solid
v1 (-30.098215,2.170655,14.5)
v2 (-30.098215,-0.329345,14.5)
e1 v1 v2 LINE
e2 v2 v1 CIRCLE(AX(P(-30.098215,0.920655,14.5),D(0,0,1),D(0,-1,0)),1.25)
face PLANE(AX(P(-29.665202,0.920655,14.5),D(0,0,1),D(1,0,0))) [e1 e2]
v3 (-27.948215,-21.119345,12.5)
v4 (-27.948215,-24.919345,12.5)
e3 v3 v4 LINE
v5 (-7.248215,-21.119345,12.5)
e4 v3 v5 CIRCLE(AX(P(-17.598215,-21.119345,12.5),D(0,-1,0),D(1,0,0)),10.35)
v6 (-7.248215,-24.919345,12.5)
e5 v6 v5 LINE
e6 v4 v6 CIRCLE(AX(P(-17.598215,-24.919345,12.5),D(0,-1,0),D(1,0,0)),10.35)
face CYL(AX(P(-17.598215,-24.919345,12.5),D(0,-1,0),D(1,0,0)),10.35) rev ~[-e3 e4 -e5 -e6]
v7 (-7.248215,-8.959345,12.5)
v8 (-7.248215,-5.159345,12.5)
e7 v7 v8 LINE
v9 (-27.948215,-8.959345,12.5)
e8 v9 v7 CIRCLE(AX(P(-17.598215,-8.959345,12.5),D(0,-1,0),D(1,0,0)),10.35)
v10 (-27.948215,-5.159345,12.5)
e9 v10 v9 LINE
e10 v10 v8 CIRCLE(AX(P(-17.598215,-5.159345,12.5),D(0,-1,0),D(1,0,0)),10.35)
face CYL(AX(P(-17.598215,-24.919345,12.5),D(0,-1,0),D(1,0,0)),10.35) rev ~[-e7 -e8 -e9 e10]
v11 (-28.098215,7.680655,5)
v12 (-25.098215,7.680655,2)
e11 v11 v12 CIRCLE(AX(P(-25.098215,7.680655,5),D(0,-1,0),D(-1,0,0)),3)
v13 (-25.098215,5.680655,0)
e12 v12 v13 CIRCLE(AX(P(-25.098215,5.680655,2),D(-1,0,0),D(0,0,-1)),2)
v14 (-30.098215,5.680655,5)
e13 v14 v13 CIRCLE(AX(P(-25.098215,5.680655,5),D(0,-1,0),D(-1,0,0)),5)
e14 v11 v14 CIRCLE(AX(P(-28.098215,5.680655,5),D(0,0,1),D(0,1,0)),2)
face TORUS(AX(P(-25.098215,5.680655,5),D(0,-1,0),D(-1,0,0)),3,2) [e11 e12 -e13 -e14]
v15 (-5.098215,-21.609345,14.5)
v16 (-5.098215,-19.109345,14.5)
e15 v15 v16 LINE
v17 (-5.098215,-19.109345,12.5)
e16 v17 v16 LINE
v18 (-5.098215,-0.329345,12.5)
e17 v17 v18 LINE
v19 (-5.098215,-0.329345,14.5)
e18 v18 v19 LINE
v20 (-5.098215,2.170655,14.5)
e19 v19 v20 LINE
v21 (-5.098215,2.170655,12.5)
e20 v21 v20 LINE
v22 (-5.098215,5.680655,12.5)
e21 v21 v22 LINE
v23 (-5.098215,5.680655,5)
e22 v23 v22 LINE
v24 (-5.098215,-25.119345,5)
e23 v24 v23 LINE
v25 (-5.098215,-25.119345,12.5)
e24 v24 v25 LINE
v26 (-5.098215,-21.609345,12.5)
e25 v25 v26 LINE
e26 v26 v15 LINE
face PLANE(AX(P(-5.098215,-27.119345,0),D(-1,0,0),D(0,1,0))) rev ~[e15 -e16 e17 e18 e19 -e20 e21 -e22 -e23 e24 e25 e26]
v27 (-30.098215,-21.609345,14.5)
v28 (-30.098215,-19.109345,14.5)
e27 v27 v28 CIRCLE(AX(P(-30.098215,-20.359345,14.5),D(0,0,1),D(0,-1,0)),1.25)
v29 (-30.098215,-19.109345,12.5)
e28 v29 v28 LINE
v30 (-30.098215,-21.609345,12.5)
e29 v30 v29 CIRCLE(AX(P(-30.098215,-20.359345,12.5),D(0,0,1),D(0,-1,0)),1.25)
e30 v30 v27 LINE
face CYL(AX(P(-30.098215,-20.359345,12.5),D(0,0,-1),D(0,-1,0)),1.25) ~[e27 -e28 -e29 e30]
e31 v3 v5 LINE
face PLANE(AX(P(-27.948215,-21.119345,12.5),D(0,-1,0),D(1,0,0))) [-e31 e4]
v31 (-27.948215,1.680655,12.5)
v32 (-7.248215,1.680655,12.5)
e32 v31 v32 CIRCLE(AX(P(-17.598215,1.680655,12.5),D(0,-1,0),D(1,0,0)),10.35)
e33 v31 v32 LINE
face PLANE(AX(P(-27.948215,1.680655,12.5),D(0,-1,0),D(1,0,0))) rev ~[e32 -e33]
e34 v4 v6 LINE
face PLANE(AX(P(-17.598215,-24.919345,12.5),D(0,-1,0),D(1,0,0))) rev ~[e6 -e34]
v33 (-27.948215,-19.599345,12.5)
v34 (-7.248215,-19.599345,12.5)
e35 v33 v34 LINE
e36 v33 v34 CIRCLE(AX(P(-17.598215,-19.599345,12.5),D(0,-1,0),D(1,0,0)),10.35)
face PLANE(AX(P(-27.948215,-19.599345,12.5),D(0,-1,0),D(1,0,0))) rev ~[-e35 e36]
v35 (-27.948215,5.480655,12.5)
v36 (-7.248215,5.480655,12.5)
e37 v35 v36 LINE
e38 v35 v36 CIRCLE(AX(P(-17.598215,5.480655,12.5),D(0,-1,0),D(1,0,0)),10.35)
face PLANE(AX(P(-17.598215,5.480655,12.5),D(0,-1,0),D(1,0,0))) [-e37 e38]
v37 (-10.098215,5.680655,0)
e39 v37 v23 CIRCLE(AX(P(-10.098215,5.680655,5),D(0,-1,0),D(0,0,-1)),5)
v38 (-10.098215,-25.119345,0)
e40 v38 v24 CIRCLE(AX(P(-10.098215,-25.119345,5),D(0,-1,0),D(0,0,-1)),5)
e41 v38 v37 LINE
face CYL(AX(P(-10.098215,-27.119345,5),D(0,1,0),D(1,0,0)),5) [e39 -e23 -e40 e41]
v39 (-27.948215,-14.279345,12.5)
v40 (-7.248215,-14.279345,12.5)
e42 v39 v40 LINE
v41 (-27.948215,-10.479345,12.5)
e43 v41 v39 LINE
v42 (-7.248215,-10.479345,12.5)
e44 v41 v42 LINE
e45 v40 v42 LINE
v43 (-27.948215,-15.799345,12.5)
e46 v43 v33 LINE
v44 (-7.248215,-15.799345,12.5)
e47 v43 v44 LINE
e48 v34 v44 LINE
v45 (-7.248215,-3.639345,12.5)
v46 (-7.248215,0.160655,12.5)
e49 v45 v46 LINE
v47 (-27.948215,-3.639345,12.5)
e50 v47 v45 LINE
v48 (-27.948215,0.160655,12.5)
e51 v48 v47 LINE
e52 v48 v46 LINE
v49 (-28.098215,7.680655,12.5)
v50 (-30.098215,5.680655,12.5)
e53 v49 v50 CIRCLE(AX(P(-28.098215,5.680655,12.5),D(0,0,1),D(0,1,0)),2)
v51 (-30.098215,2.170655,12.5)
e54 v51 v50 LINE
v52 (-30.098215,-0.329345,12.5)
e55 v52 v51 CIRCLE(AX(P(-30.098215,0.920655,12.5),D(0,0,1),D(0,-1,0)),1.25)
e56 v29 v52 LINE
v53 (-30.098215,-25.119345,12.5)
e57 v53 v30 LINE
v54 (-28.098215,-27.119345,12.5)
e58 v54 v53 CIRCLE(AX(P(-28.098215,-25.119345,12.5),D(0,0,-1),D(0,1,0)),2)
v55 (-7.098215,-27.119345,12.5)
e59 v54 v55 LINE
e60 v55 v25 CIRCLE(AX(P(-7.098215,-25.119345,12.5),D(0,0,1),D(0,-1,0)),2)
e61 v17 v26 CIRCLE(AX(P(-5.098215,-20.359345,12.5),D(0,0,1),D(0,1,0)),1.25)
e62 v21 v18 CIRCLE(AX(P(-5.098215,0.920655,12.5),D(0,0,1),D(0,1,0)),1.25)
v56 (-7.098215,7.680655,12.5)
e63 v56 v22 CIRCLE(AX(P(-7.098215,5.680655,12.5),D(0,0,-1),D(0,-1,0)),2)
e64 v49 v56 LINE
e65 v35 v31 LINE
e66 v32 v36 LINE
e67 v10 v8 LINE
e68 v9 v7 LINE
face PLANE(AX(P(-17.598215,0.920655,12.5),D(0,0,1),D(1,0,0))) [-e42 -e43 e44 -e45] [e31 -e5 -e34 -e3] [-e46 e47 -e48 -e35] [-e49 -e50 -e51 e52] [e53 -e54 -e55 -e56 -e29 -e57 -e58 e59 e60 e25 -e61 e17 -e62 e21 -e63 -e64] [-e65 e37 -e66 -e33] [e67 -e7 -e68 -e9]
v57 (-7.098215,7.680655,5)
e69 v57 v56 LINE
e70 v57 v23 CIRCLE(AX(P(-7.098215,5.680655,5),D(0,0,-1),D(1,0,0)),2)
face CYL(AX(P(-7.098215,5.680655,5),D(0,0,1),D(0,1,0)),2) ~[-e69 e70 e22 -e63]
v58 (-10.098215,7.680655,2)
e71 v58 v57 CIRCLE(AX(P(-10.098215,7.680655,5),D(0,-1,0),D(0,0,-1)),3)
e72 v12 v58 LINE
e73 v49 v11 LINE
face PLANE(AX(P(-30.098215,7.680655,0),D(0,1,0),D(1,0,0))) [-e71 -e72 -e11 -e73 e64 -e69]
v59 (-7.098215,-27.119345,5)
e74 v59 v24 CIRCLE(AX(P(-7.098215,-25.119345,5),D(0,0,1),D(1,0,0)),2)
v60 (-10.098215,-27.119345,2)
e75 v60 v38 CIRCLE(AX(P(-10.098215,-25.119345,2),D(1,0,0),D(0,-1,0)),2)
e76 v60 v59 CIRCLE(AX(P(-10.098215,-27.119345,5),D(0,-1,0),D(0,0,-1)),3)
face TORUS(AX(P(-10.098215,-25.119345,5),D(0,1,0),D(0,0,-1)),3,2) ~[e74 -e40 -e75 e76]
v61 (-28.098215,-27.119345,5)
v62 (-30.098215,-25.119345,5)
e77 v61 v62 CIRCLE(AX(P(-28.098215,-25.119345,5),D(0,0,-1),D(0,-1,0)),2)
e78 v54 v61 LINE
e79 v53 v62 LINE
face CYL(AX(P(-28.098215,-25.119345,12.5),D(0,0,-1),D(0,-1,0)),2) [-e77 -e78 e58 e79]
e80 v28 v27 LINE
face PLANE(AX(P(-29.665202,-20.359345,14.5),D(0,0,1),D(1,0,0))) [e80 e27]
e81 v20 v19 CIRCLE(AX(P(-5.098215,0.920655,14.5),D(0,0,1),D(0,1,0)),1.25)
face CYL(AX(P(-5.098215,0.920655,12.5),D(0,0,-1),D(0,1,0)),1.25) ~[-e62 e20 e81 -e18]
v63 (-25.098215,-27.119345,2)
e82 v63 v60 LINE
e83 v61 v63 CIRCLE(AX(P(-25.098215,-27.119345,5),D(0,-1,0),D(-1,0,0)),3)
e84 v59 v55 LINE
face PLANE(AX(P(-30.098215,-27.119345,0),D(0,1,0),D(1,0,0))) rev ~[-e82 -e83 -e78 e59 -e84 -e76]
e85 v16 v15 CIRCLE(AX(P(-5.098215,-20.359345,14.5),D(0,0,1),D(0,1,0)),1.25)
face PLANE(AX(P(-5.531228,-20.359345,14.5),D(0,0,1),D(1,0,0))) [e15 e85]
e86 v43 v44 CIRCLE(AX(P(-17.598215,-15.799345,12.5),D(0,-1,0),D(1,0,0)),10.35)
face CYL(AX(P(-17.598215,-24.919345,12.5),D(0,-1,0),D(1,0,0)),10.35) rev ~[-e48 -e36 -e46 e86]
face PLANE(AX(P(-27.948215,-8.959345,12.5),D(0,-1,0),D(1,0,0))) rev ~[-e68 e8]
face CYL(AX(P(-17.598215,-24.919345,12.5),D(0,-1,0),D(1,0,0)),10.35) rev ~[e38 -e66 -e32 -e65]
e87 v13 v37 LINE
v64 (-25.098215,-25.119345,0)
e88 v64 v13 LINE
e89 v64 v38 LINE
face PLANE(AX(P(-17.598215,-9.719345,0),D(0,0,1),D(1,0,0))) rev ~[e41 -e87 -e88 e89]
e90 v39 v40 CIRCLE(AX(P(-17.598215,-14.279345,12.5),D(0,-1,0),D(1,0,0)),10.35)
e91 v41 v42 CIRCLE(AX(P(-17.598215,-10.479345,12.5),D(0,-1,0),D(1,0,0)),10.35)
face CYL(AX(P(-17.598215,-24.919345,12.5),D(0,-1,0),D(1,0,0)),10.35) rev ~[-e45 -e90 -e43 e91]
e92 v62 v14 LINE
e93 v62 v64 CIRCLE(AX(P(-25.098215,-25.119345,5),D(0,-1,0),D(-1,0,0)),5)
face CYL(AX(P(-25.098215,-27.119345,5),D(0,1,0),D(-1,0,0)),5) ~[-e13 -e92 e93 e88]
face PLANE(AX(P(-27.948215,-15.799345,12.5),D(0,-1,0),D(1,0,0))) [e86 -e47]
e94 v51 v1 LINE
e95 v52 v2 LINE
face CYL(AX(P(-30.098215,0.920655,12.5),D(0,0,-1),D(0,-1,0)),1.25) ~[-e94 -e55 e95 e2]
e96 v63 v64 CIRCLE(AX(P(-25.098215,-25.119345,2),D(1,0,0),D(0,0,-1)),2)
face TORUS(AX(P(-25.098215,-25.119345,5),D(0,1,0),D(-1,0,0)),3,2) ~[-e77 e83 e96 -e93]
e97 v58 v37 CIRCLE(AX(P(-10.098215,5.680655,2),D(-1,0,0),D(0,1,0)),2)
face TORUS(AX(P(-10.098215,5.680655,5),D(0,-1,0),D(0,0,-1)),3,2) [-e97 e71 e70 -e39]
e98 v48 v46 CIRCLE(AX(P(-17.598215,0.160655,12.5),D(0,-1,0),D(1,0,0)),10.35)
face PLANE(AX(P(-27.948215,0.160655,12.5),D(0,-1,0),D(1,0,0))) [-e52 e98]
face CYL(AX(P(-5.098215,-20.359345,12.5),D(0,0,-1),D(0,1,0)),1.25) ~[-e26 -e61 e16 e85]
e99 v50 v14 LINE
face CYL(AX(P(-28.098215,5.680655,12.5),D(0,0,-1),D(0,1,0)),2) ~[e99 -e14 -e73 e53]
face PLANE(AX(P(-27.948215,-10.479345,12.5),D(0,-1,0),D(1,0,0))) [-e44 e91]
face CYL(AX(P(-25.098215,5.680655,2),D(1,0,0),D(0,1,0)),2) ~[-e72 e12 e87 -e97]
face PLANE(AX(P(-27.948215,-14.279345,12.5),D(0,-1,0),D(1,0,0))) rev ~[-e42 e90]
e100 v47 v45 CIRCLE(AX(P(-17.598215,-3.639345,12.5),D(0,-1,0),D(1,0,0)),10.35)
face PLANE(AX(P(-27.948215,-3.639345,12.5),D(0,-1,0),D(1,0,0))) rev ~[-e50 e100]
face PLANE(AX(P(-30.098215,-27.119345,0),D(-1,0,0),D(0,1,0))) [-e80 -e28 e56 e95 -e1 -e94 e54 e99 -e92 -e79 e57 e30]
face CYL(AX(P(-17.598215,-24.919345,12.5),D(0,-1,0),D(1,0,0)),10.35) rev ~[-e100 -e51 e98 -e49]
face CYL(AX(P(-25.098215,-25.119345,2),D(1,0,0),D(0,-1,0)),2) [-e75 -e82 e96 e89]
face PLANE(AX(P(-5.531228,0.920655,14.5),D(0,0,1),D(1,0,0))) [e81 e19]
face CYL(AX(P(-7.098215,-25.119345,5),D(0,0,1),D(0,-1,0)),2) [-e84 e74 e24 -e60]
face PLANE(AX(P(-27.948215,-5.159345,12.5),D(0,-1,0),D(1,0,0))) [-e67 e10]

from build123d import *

# Parameters (mm, degrees)
F0_W     = 25
F0_H     = 34.8
F1_DEPTH = 12.5
F3_START = -2.2
F2_R     = 10.35
F3_DEPTH = 30.4
F4_W     = 20.7
F4_H     = 1.52
F5_DEPTH = 10.6
F6_R     = 5
F7_R     = 2
F9_DEPTH = 2


with BuildPart() as f1:
    # F0 (on Top) → F1 (new body)
    with BuildSketch(Plane.XY):
        with Locations((-17.5982150249, -9.7193448131)):
            Rectangle(F0_W, F0_H)
    extrude(amount=F1_DEPTH)

    # F2 (on face) → F3 (cut)
    with BuildSketch(Plane.XZ.offset(27.1193448131).offset(F3_START)):
        with Locations((-17.5982150249, 12.5)):
            Circle(F2_R)
    extrude(amount=-F3_DEPTH, mode=Mode.SUBTRACT)

    # F4 (on face) → F5 (join)
    with BuildSketch(Plane.XY.offset(12.5)):
        with Locations((-17.5982150249, 0.9206551869)):
            Rectangle(F4_W, F4_H)
        with Locations((-17.5982150249, -4.3993448131)):
            Rectangle(F4_W, F4_H)
        with Locations((-17.5982150249, -9.7193448131)):
            Rectangle(F4_W, F4_H)
        with Locations((-17.5982150249, -15.0393448131)):
            Rectangle(F4_W, F4_H)
        with Locations((-17.5982150249, -20.3593448131)):
            Rectangle(F4_W, F4_H)
    extrude(amount=-F5_DEPTH)

    # F6
    f6_edges = [f1.edges().sort_by_distance(p)[0] for p in [
        (-5.098215, -9.719345, 0),
        (-30.098215, -9.719345, 0),
    ]]
    fillet(f6_edges, radius=F6_R)

    # F7
    f7_edges = [f1.edges().sort_by_distance(p)[0] for p in [
        (-5.098215, -27.119345, 8.75),
        (-5.098215, 7.680655, 8.75),
    ]]
    fillet(f7_edges, radius=F7_R)

    # F8 (on face) → F9 (join)
    with BuildSketch(Plane.XY.offset(12.5)):
        with BuildLine():
            Line((-30.0982150249, 2.1706551869), (-30.0982150249, -0.3293448131))
            ThreePointArc((-30.0982150249, -0.3293448131), (-28.8482150249, 0.9206551869), (-30.0982150249, 2.1706551869))
        make_face()
        with BuildLine():
            Line((-5.0982150249, -0.3293448131), (-5.0982150249, 2.1706551869))
            ThreePointArc((-5.0982150249, 2.1706551869), (-6.3482150249, 0.9206551869), (-5.0982150249, -0.3293448131))
        make_face()
        with BuildLine():
            ThreePointArc((-5.0982150249, -19.1093448131), (-6.3482150249, -20.3593448131), (-5.0982150249, -21.6093448131))
            Line((-5.0982150249, -21.6093448131), (-5.0982150249, -19.1093448131))
        make_face()
        with BuildLine():
            ThreePointArc((-30.0982150249, -21.6093448131), (-28.8482150249, -20.3593448131), (-30.0982150249, -19.1093448131))
            Line((-30.0982150249, -19.1093448131), (-30.0982150249, -21.6093448131))
        make_face()
    extrude(amount=F9_DEPTH)


solid = f1.part
